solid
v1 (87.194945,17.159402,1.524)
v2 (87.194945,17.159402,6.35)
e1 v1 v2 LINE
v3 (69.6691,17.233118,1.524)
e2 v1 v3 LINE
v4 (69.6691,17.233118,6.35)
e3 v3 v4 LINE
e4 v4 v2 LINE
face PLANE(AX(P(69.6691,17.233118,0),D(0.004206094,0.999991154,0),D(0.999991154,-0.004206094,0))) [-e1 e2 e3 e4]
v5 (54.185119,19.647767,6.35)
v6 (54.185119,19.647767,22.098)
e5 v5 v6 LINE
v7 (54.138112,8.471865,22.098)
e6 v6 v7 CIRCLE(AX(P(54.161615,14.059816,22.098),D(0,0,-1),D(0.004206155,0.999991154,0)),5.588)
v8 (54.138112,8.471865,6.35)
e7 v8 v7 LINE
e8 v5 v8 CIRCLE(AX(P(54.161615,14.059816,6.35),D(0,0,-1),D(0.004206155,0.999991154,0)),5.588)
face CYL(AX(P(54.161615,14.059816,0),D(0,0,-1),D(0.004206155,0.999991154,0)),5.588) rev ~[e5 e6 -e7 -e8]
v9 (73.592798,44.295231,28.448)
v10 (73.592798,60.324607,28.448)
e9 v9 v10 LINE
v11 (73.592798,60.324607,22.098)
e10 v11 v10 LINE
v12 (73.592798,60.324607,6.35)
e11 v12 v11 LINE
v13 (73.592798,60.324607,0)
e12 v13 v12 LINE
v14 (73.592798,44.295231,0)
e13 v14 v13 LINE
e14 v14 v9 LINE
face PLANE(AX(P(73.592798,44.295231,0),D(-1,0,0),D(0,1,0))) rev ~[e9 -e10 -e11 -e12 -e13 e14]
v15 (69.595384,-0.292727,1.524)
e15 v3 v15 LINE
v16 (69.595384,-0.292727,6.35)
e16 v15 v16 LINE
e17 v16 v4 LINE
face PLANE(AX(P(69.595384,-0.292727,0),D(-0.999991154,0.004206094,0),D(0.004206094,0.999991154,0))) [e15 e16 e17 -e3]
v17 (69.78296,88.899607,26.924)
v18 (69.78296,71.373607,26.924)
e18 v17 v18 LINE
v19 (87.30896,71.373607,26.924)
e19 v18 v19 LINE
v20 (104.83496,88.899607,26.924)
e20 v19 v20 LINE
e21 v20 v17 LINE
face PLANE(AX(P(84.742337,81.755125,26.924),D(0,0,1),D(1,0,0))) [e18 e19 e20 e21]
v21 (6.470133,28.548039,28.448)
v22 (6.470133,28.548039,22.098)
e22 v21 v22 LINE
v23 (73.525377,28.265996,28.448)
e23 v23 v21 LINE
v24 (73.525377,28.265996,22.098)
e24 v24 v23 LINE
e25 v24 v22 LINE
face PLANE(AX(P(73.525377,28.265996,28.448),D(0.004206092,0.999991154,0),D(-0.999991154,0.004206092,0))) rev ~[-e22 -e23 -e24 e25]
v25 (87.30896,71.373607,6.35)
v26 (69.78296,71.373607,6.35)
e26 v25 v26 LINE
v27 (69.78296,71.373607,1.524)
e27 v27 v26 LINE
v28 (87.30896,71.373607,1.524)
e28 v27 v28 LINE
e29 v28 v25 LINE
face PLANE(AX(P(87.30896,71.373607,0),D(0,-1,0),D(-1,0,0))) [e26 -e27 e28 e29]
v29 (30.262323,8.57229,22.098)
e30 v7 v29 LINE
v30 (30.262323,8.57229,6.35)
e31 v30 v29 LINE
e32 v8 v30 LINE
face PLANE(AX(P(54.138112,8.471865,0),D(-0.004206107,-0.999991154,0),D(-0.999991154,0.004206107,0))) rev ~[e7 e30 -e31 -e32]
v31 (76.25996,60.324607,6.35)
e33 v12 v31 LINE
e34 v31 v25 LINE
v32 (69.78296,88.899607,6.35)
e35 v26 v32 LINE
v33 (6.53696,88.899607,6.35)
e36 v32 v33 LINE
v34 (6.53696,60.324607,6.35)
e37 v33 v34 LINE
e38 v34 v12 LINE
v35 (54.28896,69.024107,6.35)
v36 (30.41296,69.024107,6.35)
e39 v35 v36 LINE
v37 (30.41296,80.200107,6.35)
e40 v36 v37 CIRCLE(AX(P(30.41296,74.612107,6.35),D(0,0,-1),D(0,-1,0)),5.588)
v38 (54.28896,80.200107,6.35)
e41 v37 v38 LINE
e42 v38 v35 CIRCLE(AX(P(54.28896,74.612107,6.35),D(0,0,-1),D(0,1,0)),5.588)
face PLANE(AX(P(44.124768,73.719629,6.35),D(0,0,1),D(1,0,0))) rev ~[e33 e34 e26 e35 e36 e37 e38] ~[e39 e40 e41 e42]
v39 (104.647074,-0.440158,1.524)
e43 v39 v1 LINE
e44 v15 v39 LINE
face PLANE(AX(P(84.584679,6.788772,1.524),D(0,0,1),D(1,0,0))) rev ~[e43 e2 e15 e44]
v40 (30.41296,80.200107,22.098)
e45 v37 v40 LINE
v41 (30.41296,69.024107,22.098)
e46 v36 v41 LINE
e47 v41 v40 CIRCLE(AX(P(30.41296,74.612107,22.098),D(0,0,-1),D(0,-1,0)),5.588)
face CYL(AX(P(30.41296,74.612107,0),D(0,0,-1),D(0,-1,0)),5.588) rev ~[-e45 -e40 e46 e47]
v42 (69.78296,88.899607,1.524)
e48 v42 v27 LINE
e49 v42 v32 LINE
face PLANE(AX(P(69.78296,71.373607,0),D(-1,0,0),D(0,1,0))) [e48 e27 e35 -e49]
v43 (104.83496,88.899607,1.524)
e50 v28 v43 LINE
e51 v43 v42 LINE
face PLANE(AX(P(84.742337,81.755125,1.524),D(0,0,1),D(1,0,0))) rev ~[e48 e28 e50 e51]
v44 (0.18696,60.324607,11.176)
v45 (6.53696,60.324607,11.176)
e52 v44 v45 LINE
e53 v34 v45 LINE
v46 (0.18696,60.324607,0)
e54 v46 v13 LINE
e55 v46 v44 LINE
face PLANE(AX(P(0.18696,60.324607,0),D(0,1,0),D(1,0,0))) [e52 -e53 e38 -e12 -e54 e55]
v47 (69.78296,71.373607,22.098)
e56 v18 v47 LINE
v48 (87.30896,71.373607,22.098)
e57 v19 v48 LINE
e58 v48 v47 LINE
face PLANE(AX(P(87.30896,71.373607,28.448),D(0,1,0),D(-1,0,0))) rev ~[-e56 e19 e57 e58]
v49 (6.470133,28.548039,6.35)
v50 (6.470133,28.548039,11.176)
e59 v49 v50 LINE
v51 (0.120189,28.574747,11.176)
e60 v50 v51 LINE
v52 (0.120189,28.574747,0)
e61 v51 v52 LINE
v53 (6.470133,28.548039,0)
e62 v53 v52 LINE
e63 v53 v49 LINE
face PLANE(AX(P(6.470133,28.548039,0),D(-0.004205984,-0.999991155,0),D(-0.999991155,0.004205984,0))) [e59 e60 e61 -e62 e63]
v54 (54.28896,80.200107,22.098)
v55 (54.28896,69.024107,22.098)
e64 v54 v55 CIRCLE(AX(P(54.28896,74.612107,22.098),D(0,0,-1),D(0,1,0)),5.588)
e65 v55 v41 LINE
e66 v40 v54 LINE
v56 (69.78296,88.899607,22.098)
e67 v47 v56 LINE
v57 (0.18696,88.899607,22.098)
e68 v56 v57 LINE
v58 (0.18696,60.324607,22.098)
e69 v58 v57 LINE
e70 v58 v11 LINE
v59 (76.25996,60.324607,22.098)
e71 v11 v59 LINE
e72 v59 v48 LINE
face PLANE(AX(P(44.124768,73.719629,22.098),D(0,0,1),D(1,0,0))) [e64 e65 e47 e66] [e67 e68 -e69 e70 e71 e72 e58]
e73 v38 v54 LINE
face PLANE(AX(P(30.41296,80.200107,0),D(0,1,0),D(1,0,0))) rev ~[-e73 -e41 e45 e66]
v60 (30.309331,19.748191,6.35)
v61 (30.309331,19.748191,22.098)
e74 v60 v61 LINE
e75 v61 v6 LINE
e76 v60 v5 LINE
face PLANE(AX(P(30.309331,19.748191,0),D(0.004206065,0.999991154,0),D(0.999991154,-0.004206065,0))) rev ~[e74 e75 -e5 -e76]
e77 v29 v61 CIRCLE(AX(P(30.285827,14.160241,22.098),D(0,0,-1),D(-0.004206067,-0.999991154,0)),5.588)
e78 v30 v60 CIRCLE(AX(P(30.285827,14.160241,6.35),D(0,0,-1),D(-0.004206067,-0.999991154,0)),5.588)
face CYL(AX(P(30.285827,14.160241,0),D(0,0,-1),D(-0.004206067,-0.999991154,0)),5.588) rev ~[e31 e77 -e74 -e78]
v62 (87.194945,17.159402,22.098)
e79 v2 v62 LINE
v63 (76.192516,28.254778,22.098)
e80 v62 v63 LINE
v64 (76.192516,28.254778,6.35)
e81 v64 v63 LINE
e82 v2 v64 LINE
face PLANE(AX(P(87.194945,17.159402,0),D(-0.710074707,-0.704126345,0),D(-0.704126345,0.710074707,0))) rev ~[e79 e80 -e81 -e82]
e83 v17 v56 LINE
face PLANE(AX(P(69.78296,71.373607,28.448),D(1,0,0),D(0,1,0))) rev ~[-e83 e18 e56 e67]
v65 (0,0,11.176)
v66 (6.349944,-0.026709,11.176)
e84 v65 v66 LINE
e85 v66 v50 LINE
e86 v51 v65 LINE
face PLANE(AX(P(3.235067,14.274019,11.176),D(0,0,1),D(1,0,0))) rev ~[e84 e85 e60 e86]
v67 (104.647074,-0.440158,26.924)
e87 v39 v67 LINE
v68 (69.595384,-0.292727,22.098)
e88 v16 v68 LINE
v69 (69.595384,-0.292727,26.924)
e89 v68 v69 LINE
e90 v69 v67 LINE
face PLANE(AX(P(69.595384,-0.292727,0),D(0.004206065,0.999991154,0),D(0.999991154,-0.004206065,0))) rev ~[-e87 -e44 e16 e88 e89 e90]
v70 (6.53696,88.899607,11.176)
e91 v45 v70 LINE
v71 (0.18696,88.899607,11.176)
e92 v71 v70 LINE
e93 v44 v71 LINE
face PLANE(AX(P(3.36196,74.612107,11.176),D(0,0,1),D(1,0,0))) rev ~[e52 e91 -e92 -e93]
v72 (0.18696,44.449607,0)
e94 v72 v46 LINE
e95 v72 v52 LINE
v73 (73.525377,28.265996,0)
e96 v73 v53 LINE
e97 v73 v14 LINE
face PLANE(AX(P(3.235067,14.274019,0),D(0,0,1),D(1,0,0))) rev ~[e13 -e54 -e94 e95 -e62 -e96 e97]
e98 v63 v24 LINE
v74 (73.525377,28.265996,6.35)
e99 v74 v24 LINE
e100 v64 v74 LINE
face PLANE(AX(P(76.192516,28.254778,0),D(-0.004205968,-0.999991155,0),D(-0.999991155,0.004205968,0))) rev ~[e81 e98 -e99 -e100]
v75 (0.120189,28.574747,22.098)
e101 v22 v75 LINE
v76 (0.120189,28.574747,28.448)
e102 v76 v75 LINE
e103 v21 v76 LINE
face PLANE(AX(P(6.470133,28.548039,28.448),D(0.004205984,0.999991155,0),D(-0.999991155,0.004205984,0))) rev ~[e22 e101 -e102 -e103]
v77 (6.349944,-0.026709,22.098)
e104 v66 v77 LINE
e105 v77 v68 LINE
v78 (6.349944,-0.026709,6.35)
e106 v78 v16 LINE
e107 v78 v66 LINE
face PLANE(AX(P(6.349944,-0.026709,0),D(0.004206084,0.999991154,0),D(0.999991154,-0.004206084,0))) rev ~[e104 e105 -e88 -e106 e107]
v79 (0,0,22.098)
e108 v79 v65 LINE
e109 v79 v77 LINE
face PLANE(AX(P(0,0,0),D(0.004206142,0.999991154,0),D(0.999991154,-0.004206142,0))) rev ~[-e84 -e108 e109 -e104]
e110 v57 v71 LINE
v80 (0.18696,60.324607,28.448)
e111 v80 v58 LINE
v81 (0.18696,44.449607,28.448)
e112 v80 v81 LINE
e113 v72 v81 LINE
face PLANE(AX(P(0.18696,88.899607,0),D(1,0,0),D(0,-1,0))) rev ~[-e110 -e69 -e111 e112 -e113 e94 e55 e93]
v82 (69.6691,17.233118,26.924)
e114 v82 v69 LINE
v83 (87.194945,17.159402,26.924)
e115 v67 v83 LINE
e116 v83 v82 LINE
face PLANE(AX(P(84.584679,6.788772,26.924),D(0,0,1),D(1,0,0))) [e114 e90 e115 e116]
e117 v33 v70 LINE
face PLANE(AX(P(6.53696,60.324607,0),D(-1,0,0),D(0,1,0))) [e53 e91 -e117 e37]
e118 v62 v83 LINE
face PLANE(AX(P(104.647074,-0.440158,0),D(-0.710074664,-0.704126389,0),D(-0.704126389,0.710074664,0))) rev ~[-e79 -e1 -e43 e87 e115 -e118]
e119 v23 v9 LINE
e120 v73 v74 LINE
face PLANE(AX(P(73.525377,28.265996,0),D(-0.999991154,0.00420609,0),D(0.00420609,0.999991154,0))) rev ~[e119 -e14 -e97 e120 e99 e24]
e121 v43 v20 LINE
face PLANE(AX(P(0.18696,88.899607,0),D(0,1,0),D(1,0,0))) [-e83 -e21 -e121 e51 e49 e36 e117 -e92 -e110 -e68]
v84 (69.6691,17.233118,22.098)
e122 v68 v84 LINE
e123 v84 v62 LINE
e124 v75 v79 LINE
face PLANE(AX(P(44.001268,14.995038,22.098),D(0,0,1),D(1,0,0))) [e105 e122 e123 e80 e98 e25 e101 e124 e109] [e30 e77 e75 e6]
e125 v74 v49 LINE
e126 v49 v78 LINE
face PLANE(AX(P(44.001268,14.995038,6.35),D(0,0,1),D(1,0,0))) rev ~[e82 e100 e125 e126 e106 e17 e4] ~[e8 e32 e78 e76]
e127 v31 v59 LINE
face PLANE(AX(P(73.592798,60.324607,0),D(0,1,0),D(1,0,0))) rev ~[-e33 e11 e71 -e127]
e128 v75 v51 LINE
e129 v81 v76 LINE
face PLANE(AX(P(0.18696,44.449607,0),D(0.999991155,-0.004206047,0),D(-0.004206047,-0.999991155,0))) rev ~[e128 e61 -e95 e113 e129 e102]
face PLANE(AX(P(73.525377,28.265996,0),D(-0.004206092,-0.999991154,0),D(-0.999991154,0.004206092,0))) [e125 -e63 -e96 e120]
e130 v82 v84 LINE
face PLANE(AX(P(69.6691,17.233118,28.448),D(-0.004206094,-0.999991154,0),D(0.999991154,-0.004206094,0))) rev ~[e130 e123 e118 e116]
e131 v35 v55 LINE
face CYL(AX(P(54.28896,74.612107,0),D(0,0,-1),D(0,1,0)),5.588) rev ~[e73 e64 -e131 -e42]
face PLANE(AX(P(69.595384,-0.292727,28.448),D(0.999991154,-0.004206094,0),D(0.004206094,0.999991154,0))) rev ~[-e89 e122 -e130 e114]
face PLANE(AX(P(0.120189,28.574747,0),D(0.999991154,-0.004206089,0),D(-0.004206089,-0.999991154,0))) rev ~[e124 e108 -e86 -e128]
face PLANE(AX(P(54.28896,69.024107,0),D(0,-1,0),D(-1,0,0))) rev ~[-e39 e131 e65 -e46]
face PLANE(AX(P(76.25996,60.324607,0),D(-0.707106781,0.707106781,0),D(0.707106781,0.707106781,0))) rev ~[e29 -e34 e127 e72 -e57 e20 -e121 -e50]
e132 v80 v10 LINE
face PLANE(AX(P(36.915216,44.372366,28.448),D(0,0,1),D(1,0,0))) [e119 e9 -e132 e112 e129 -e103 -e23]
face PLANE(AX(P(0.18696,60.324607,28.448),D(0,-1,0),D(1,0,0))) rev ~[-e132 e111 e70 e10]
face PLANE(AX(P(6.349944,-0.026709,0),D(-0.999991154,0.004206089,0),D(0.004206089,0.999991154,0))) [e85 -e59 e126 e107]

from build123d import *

# Parameters (mm, degrees)
F0_W     = 6.35
F0_H     = 28.575
F1_DEPTH = 28.448
F3_DEPTH = 1.524
F4_DEPTH = 1.524
F5_DEPTH = 6.35
F6_DEPTH = 11.176
F7_DEPTH = 11.176
F2_W     = 6.35
F2_H     = 28.575
F8_DEPTH = 6.35


with BuildPart() as f1:
    # F0 (on Top) → F1 (new body)
    with BuildSketch(Plane.XY):
        Polygon((6.53696, 60.324607), (0.18696, 60.324607), (0.18696, 44.449607), (0.120189, 28.574747), (6.470133, 28.548039), (73.525377, 28.265996), (73.592798, 44.295231), (73.592798, 60.324607), align=None)
        Polygon((69.78296, 88.899607), (6.53696, 88.899607), (6.53696, 60.324607), (73.592798, 60.324607), (76.25996, 60.324607), (87.30896, 71.373607), (69.78296, 71.373607), align=None)
        with BuildLine():
            ThreePointArc((30.41296, 69.024107), (24.82496, 74.612107), (30.41296, 80.200107))
            Line((30.41296, 80.200107), (54.28896, 80.200107))
            ThreePointArc((54.28896, 80.200107), (59.87696, 74.612107), (54.28896, 69.024107))
            Line((54.28896, 69.024107), (30.41296, 69.024107))
        make_face(mode=Mode.SUBTRACT)
        with Locations((3.36196, 74.612107)):
            Rectangle(F0_W, F0_H)
        Polygon((73.525377, 28.265996), (6.470133, 28.548039), (6.349944, -0.026709), (69.595384, -0.292727), (69.6691, 17.233118), (87.194945, 17.159402), (76.192516, 28.254778), align=None)
        with BuildLine():
            Line((54.138112, 8.471865), (30.262323, 8.57229))
            ThreePointArc((30.262323, 8.57229), (24.697876, 14.183744), (30.309331, 19.748191))
            Line((30.309331, 19.748191), (54.185119, 19.647767))
            ThreePointArc((54.185119, 19.647767), (59.749566, 14.036312), (54.138112, 8.471865))
        make_face(mode=Mode.SUBTRACT)
        Polygon((69.6691, 17.233118), (69.595384, -0.292727), (104.647074, -0.440158), (87.194945, 17.159402), align=None)
        Polygon((6.470133, 28.548039), (0.120189, 28.574747), (0, 0), (6.349944, -0.026709), align=None)
        Polygon((104.83496, 88.899607), (69.78296, 88.899607), (69.78296, 71.373607), (87.30896, 71.373607), align=None)
    extrude(amount=F1_DEPTH)

    # F2 (on face) → F3 (cut)
    with BuildSketch(Plane.XY.offset(28.448)):
        Polygon((104.647074, -0.440158), (87.194945, 17.159402), (69.6691, 17.233118), (69.595384, -0.292727), align=None)
        Polygon((69.78296, 71.373607), (87.30896, 71.373607), (104.83496, 88.899607), (69.78296, 88.899607), align=None)
    extrude(amount=-F3_DEPTH, mode=Mode.SUBTRACT)

    # F0 (on Top) → F4 (cut)
    with BuildSketch(Plane.XY):
        Polygon((69.6691, 17.233118), (69.595384, -0.292727), (104.647074, -0.440158), (87.194945, 17.159402), align=None)
        Polygon((104.83496, 88.899607), (69.78296, 88.899607), (69.78296, 71.373607), (87.30896, 71.373607), align=None)
    extrude(amount=F4_DEPTH, mode=Mode.SUBTRACT)

    # F0 (on Top) → F5 (cut)
    with BuildSketch(Plane.XY):
        Polygon((73.525377, 28.265996), (6.470133, 28.548039), (6.349944, -0.026709), (69.595384, -0.292727), (69.6691, 17.233118), (87.194945, 17.159402), (76.192516, 28.254778), align=None)
        with BuildLine():
            Line((54.138112, 8.471865), (30.262323, 8.57229))
            ThreePointArc((30.262323, 8.57229), (24.697876, 14.183744), (30.309331, 19.748191))
            Line((30.309331, 19.748191), (54.185119, 19.647767))
            ThreePointArc((54.185119, 19.647767), (59.749566, 14.036312), (54.138112, 8.471865))
        make_face(mode=Mode.SUBTRACT)
        Polygon((69.78296, 88.899607), (6.53696, 88.899607), (6.53696, 60.324607), (73.592798, 60.324607), (76.25996, 60.324607), (87.30896, 71.373607), (69.78296, 71.373607), align=None)
        with BuildLine():
            ThreePointArc((30.41296, 69.024107), (24.82496, 74.612107), (30.41296, 80.200107))
            Line((30.41296, 80.200107), (54.28896, 80.200107))
            ThreePointArc((54.28896, 80.200107), (59.87696, 74.612107), (54.28896, 69.024107))
            Line((54.28896, 69.024107), (30.41296, 69.024107))
        make_face(mode=Mode.SUBTRACT)
        Polygon((6.470133, 28.548039), (0.120189, 28.574747), (0, 0), (6.349944, -0.026709), align=None)
        with Locations((3.36196, 74.612107)):
            Rectangle(F0_W, F0_H)
    extrude(amount=F5_DEPTH, mode=Mode.SUBTRACT)

    # F0 (on Top) → F6 (join)
    with BuildSketch(Plane.XY):
        Polygon((6.470133, 28.548039), (0.120189, 28.574747), (0, 0), (6.349944, -0.026709), align=None)
        with Locations((3.36196, 74.612107)):
            Rectangle(F0_W, F0_H)
    extrude(amount=F6_DEPTH)

    # F0 (on Top) → F7 (cut)
    with BuildSketch(Plane.XY):
        Polygon((6.470133, 28.548039), (0.120189, 28.574747), (0, 0), (6.349944, -0.026709), align=None)
        with Locations((3.36196, 74.612107)):
            Rectangle(F0_W, F0_H)
    extrude(amount=F7_DEPTH, mode=Mode.SUBTRACT)

    # F2 (on face) → F8 (cut)
    with BuildSketch(Plane.XY.offset(28.448)):
        Polygon((69.6691, 17.233118), (87.194945, 17.159402), (76.192516, 28.254778), (73.525377, 28.265996), (6.470133, 28.548039), (6.349944, -0.026709), (69.595384, -0.292727), align=None)
        with BuildLine():
            Line((30.309331, 19.748191), (54.185119, 19.647767))
            ThreePointArc((54.185119, 19.647767), (59.749566, 14.036312), (54.138112, 8.471865))
            Line((54.138112, 8.471865), (30.262323, 8.57229))
            ThreePointArc((30.262323, 8.57229), (24.697876, 14.183744), (30.309331, 19.748191))
        make_face(mode=Mode.SUBTRACT)
        Polygon((6.53696, 60.324607), (73.592798, 60.324607), (76.25996, 60.324607), (87.30896, 71.373607), (69.78296, 71.373607), (69.78296, 88.899607), (6.53696, 88.899607), align=None)
        with BuildLine():
            ThreePointArc((30.41296, 69.024107), (24.82496, 74.612107), (30.41296, 80.200107))
            Line((30.41296, 80.200107), (54.28896, 80.200107))
            ThreePointArc((54.28896, 80.200107), (59.87696, 74.612107), (54.28896, 69.024107))
            Line((54.28896, 69.024107), (30.41296, 69.024107))
        make_face(mode=Mode.SUBTRACT)
        Polygon((0, 0), (6.349944, -0.026709), (6.470133, 28.548039), (0.120189, 28.574747), align=None)
        with Locations((3.36196, 74.612107)):
            Rectangle(F2_W, F2_H)
    extrude(amount=-F8_DEPTH, mode=Mode.SUBTRACT)


solid = f1.part
